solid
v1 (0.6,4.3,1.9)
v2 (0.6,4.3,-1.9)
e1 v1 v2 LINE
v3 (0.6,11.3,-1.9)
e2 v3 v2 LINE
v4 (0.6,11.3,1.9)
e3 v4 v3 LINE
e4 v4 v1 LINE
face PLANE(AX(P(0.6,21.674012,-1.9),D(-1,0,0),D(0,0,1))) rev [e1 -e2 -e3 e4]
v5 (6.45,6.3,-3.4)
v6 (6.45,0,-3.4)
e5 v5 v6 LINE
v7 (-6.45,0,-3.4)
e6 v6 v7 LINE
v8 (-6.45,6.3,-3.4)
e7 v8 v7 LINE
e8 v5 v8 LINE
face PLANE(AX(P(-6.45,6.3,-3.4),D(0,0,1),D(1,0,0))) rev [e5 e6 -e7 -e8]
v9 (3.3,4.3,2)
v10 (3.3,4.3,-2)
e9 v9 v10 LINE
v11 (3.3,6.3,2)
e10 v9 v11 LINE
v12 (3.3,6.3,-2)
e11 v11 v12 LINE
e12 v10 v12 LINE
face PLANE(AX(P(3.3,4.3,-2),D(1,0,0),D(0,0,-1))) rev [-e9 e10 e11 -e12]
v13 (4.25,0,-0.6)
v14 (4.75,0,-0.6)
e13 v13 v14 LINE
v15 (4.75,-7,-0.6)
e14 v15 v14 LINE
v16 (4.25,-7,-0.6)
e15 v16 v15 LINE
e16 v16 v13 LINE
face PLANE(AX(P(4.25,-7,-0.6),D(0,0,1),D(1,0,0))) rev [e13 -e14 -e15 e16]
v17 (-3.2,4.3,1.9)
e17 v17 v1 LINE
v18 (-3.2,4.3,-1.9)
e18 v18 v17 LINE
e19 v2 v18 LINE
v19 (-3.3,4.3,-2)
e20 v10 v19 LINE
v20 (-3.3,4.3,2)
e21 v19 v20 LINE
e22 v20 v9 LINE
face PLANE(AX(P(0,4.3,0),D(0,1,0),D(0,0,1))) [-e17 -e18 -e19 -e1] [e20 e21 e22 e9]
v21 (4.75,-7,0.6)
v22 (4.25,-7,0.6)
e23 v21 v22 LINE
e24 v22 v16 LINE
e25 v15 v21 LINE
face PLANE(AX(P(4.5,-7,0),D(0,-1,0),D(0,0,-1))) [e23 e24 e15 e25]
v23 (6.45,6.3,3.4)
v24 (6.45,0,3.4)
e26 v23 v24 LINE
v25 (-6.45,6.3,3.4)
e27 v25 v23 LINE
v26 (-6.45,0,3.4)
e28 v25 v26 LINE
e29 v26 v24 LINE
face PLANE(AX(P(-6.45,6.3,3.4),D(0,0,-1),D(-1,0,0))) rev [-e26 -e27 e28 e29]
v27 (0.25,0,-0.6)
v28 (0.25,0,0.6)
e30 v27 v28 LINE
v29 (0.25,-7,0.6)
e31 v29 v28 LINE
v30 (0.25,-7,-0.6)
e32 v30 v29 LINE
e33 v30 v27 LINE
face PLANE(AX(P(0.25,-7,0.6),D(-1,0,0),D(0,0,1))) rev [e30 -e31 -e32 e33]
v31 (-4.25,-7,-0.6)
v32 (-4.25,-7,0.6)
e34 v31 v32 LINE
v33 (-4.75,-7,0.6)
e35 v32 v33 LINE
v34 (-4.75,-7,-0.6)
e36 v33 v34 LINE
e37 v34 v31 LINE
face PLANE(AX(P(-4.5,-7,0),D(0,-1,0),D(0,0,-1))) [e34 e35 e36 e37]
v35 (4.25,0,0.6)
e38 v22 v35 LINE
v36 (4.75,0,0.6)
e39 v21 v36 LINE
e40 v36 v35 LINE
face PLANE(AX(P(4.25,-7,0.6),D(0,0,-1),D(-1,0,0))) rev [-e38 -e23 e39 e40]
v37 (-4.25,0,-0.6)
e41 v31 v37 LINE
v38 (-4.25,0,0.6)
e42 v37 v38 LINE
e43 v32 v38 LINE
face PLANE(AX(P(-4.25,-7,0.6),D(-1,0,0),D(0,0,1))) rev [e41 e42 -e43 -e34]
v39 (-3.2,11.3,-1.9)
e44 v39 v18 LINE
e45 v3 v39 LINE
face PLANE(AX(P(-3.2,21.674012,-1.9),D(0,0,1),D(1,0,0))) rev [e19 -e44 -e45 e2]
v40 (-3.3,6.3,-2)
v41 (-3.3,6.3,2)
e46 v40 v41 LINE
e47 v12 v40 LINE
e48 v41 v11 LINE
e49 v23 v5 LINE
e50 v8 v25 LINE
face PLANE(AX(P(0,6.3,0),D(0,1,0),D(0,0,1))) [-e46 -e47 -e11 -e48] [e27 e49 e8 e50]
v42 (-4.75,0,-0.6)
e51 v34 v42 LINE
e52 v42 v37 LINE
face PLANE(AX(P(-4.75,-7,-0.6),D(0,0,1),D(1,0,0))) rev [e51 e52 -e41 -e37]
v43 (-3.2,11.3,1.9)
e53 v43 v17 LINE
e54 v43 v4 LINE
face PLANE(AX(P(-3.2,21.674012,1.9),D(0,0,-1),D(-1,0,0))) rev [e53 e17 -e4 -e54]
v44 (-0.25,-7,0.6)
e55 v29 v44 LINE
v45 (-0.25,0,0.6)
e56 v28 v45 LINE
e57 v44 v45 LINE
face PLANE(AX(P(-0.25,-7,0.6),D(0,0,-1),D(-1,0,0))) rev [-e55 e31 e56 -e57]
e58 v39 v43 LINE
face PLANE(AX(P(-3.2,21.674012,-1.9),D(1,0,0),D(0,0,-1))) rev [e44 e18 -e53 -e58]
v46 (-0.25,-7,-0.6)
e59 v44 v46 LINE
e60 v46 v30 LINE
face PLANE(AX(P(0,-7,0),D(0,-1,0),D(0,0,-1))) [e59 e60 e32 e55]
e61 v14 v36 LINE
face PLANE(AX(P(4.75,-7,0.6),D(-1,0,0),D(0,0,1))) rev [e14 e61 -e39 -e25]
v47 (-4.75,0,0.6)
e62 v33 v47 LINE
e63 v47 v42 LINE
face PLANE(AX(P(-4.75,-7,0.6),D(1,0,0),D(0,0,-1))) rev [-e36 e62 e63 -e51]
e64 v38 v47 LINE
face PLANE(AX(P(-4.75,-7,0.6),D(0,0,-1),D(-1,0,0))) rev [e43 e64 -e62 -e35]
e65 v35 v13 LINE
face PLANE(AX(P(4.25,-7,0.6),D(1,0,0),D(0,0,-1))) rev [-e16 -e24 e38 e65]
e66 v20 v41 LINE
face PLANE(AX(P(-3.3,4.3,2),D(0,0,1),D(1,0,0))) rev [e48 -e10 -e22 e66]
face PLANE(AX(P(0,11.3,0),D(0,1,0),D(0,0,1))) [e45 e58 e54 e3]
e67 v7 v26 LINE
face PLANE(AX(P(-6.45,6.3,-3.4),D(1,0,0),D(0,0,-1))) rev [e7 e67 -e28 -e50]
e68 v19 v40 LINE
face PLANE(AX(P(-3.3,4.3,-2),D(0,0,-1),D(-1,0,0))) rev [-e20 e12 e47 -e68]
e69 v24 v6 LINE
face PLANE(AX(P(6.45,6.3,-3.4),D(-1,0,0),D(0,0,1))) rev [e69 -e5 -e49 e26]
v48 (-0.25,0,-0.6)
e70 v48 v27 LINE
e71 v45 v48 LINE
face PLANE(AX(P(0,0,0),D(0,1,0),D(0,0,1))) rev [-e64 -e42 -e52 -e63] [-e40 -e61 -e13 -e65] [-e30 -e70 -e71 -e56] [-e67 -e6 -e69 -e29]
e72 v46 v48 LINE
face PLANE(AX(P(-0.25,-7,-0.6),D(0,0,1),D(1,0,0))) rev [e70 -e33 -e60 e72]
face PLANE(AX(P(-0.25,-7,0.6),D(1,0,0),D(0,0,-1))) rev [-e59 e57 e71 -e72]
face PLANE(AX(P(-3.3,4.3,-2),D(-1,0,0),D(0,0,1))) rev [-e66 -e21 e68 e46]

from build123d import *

# Parameters (mm, degrees)
SKETCH1_W           = 12.9
SKETCH1_H           = 6.8
BOSS_EXTRUDE1_DEPTH = 6.3
SKETCH2_W           = 6.6
SKETCH2_H           = 4
CUT_EXTRUDE1_DEPTH  = 2
SKETCH3_W           = 3.8
SKETCH3_H           = 3.8
BOSS_EXTRUDE3_DEPTH = 7
SKETCH4_W           = 0.5
SKETCH4_H           = 1.2
BOSS_EXTRUDE4_DEPTH = 7
LPATTERN1_COUNT     = 2
LPATTERN1_PITCH     = 4.5
LPATTERN1_COL_COUNT = 2
LPATTERN1_COL_PITCH = 4.5


with BuildPart() as part:
    # Sketch1 → Boss-Extrude1 (new body)
    with BuildSketch(Plane(origin=(0, 0, 0), x_dir=(1, 0, 0), z_dir=(0, 1, 0))):
        Rectangle(SKETCH1_W, SKETCH1_H)
    extrude(amount=BOSS_EXTRUDE1_DEPTH)

    # Sketch2 → Cut-Extrude1 (cut)
    with BuildSketch(Plane(origin=(0, 6.3, 0), x_dir=(1, 0, 0), z_dir=(0, 1, 0))):
        Rectangle(SKETCH2_W, SKETCH2_H)
    extrude(amount=-CUT_EXTRUDE1_DEPTH, mode=Mode.SUBTRACT)

    # Sketch3 → Boss-Extrude3 (add)
    with BuildSketch(Plane(origin=(0, 4.3, 0), x_dir=(1, 0, 0), z_dir=(0, 1, 0))):
        with Locations((-1.3, 0)):
            Rectangle(SKETCH3_W, SKETCH3_H)
    extrude(amount=BOSS_EXTRUDE3_DEPTH)

    # Sketch4 → Boss-Extrude4 (add)
    with BuildSketch(Plane.XZ):
        Rectangle(SKETCH4_W, SKETCH4_H)
    boss_extrude4 = extrude(amount=BOSS_EXTRUDE4_DEPTH)

    # LPattern1: Boss-Extrude4 ×2
    with Locations(*[(i * LPATTERN1_PITCH, 0, 0) for i in range(1, LPATTERN1_COUNT)]):
        add(boss_extrude4)

    # LPattern1 col: Boss-Extrude4 ×2
    with Locations(*[(-i * LPATTERN1_COL_PITCH, 0, 0) for i in range(1, LPATTERN1_COL_COUNT)]):
        add(boss_extrude4)


solid = part.part
